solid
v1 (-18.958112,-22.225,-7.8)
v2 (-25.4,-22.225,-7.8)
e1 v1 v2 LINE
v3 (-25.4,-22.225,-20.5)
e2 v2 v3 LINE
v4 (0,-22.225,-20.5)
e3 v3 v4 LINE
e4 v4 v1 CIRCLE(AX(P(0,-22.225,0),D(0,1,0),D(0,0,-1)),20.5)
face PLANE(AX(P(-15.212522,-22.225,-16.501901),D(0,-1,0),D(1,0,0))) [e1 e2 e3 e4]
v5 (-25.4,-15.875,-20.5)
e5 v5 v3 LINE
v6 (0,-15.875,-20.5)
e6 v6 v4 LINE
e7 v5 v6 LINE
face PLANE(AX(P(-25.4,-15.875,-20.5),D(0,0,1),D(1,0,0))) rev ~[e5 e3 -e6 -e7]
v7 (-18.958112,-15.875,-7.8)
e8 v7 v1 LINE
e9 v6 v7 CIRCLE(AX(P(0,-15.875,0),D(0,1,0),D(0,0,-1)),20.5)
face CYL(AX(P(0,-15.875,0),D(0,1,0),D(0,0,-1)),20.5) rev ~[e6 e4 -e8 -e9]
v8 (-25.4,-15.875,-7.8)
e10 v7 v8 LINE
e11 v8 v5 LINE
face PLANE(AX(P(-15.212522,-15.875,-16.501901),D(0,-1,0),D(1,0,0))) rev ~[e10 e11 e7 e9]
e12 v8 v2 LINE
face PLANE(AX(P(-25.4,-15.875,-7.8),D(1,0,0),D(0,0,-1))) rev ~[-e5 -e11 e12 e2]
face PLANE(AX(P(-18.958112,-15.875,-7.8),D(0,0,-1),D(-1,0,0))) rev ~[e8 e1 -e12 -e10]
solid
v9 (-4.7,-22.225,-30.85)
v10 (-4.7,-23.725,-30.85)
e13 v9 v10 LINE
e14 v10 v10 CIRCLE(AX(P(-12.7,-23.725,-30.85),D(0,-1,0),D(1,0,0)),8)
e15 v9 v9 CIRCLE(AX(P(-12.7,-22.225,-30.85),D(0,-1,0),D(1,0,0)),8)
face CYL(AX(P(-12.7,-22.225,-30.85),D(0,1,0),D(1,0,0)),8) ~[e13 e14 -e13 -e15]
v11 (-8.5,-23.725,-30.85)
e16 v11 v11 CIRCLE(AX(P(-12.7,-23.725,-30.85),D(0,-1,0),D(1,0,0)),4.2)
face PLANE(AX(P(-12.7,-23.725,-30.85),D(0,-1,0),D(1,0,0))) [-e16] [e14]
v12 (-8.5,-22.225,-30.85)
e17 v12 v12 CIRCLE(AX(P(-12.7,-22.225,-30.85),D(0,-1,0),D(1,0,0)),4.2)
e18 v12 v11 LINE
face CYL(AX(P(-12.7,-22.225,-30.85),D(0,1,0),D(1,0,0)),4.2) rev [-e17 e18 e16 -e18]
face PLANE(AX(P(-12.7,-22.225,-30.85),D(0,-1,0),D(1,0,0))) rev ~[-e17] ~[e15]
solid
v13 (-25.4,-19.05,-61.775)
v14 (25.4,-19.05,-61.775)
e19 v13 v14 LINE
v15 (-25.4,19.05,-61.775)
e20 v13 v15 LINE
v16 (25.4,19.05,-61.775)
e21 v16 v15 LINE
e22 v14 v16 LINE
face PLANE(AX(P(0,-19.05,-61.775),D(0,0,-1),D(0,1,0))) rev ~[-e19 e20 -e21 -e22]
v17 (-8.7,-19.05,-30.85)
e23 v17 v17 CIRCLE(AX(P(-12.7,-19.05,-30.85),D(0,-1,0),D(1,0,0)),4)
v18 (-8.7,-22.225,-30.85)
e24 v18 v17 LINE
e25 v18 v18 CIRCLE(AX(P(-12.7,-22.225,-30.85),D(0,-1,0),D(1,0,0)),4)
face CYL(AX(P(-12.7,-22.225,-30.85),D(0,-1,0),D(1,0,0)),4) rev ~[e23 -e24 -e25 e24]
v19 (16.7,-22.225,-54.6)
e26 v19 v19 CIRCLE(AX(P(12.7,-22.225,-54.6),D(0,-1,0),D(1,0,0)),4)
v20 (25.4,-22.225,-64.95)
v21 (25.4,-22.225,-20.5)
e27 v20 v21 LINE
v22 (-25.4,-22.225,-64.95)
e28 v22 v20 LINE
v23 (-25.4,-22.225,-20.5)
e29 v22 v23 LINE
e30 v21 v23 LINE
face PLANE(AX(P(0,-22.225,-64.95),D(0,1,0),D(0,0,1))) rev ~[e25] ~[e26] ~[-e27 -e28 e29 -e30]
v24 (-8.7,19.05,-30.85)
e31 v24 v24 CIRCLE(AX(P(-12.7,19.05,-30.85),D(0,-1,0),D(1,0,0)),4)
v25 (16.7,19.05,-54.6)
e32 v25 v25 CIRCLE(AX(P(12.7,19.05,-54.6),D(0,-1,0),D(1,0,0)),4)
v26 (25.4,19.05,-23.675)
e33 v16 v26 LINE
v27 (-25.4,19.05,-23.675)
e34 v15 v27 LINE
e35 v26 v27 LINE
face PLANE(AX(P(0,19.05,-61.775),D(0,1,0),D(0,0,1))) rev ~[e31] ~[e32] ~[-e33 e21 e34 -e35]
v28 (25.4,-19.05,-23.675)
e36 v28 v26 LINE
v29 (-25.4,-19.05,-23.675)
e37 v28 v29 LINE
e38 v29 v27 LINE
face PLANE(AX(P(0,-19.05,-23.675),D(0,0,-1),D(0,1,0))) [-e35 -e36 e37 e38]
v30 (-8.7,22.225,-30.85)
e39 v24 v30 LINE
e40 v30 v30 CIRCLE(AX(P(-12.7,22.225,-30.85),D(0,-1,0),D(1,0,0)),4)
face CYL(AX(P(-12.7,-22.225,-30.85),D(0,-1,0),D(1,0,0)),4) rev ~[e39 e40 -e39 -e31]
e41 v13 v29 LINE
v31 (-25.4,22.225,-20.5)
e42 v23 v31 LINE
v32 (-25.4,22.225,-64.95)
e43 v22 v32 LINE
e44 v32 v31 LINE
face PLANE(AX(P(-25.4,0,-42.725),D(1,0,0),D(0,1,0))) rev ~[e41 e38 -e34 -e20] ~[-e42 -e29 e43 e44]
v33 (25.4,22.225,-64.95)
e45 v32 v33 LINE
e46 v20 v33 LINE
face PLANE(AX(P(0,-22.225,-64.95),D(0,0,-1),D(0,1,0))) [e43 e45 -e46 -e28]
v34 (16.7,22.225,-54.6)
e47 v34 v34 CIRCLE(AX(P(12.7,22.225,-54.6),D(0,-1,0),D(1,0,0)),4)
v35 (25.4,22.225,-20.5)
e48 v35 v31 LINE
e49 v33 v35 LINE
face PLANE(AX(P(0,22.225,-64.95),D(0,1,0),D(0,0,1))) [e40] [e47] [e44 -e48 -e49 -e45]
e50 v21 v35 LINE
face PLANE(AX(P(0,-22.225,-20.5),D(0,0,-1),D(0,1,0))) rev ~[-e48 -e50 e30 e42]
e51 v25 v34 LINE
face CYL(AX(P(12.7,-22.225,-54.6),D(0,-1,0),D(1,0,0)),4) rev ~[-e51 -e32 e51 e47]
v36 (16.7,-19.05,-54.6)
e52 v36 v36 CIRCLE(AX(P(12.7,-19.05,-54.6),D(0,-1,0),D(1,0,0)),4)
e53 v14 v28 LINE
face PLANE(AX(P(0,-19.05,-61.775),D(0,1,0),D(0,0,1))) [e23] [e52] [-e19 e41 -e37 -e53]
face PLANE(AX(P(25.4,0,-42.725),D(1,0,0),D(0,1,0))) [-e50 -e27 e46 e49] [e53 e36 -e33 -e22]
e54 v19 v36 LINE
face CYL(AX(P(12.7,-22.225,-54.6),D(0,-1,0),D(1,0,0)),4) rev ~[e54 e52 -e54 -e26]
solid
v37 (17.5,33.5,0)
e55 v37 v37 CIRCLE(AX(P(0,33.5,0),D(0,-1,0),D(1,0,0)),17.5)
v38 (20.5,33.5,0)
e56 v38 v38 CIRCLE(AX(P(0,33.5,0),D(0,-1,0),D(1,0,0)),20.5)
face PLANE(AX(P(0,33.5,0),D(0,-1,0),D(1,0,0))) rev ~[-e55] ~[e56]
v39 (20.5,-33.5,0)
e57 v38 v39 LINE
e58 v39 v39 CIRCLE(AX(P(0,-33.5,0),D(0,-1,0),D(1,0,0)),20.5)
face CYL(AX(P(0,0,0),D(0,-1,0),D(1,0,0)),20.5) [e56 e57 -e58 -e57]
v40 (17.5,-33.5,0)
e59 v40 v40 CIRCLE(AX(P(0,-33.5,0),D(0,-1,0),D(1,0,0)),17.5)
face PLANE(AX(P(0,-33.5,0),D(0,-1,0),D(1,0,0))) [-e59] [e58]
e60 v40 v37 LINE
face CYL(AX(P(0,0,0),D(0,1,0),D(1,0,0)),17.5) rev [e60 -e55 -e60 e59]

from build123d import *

# Parameters (mm, degrees)
F0_R          = 20.5
F0_R_2        = 17.5
F1_DEPTH      = 33.5
F2_W          = 44.45
F2_H          = 44.45
F2_W_2        = 38.1
F2_H_2        = 38.1
F3_DEPTH      = 25.4
F3_DEPTH_BACK = 25.4
F4_R          = 4
F5_DEPTH      = 55.726
F7_START      = 15.875
F7_DEPTH      = 6.35
F8_R          = 8
F8_R_2        = 4.2
F9_DEPTH      = 1.5


with BuildPart() as f1:
    # F0 (on Front) → F1 (new body, symmetric)
    with BuildSketch(Plane.XZ):
        Circle(F0_R)
        Circle(F0_R_2, mode=Mode.SUBTRACT)
    extrude(amount=F1_DEPTH, both=True)


with BuildPart() as f3:
    # F2 (on Right) → F3 (new body, two sides)
    with BuildSketch(Plane.YZ) as f3_sk:
        with Locations((0, -42.725)):
            Rectangle(F2_W, F2_H)
        with Locations((0, -42.725)):
            Rectangle(F2_W_2, F2_H_2, mode=Mode.SUBTRACT)
    extrude(amount=F3_DEPTH)
    extrude(f3_sk.sketch, amount=-F3_DEPTH_BACK)

    # F4 (on face) → F5 (cut, through all)
    with BuildSketch(Plane.XZ.offset(22.225)):
        with Locations((-12.7, -30.85)):
            Circle(F4_R)
        with Locations((12.7, -54.6)):
            Circle(F4_R)
    extrude(amount=-F5_DEPTH, mode=Mode.SUBTRACT)


with BuildPart() as f7:
    # F6 (on Front) → F7 (new body)
    with BuildSketch(Plane.XZ.offset(F7_START)):
        with BuildLine():
            Line((-25.4, -20.5), (0, -20.5))
            ThreePointArc((0, -20.5), (-11.4094259277, -17.0315882994), (-18.9581117203, -7.8))
            Line((-18.9581117203, -7.8), (-25.4, -7.8))
            Line((-25.4, -7.8), (-25.4, -20.5))
        make_face()
    extrude(amount=F7_DEPTH)


with BuildPart() as f9:
    # F8 (on face) → F9 (new body)
    with BuildSketch(Plane.XZ.offset(22.225)):
        with Locations((-12.7, -30.85)):
            Circle(F8_R)
        with Locations((-12.7, -30.85)):
            Circle(F8_R_2, mode=Mode.SUBTRACT)
    extrude(amount=F9_DEPTH)


solid = Compound([f1.part, f3.part, f7.part, f9.part])
